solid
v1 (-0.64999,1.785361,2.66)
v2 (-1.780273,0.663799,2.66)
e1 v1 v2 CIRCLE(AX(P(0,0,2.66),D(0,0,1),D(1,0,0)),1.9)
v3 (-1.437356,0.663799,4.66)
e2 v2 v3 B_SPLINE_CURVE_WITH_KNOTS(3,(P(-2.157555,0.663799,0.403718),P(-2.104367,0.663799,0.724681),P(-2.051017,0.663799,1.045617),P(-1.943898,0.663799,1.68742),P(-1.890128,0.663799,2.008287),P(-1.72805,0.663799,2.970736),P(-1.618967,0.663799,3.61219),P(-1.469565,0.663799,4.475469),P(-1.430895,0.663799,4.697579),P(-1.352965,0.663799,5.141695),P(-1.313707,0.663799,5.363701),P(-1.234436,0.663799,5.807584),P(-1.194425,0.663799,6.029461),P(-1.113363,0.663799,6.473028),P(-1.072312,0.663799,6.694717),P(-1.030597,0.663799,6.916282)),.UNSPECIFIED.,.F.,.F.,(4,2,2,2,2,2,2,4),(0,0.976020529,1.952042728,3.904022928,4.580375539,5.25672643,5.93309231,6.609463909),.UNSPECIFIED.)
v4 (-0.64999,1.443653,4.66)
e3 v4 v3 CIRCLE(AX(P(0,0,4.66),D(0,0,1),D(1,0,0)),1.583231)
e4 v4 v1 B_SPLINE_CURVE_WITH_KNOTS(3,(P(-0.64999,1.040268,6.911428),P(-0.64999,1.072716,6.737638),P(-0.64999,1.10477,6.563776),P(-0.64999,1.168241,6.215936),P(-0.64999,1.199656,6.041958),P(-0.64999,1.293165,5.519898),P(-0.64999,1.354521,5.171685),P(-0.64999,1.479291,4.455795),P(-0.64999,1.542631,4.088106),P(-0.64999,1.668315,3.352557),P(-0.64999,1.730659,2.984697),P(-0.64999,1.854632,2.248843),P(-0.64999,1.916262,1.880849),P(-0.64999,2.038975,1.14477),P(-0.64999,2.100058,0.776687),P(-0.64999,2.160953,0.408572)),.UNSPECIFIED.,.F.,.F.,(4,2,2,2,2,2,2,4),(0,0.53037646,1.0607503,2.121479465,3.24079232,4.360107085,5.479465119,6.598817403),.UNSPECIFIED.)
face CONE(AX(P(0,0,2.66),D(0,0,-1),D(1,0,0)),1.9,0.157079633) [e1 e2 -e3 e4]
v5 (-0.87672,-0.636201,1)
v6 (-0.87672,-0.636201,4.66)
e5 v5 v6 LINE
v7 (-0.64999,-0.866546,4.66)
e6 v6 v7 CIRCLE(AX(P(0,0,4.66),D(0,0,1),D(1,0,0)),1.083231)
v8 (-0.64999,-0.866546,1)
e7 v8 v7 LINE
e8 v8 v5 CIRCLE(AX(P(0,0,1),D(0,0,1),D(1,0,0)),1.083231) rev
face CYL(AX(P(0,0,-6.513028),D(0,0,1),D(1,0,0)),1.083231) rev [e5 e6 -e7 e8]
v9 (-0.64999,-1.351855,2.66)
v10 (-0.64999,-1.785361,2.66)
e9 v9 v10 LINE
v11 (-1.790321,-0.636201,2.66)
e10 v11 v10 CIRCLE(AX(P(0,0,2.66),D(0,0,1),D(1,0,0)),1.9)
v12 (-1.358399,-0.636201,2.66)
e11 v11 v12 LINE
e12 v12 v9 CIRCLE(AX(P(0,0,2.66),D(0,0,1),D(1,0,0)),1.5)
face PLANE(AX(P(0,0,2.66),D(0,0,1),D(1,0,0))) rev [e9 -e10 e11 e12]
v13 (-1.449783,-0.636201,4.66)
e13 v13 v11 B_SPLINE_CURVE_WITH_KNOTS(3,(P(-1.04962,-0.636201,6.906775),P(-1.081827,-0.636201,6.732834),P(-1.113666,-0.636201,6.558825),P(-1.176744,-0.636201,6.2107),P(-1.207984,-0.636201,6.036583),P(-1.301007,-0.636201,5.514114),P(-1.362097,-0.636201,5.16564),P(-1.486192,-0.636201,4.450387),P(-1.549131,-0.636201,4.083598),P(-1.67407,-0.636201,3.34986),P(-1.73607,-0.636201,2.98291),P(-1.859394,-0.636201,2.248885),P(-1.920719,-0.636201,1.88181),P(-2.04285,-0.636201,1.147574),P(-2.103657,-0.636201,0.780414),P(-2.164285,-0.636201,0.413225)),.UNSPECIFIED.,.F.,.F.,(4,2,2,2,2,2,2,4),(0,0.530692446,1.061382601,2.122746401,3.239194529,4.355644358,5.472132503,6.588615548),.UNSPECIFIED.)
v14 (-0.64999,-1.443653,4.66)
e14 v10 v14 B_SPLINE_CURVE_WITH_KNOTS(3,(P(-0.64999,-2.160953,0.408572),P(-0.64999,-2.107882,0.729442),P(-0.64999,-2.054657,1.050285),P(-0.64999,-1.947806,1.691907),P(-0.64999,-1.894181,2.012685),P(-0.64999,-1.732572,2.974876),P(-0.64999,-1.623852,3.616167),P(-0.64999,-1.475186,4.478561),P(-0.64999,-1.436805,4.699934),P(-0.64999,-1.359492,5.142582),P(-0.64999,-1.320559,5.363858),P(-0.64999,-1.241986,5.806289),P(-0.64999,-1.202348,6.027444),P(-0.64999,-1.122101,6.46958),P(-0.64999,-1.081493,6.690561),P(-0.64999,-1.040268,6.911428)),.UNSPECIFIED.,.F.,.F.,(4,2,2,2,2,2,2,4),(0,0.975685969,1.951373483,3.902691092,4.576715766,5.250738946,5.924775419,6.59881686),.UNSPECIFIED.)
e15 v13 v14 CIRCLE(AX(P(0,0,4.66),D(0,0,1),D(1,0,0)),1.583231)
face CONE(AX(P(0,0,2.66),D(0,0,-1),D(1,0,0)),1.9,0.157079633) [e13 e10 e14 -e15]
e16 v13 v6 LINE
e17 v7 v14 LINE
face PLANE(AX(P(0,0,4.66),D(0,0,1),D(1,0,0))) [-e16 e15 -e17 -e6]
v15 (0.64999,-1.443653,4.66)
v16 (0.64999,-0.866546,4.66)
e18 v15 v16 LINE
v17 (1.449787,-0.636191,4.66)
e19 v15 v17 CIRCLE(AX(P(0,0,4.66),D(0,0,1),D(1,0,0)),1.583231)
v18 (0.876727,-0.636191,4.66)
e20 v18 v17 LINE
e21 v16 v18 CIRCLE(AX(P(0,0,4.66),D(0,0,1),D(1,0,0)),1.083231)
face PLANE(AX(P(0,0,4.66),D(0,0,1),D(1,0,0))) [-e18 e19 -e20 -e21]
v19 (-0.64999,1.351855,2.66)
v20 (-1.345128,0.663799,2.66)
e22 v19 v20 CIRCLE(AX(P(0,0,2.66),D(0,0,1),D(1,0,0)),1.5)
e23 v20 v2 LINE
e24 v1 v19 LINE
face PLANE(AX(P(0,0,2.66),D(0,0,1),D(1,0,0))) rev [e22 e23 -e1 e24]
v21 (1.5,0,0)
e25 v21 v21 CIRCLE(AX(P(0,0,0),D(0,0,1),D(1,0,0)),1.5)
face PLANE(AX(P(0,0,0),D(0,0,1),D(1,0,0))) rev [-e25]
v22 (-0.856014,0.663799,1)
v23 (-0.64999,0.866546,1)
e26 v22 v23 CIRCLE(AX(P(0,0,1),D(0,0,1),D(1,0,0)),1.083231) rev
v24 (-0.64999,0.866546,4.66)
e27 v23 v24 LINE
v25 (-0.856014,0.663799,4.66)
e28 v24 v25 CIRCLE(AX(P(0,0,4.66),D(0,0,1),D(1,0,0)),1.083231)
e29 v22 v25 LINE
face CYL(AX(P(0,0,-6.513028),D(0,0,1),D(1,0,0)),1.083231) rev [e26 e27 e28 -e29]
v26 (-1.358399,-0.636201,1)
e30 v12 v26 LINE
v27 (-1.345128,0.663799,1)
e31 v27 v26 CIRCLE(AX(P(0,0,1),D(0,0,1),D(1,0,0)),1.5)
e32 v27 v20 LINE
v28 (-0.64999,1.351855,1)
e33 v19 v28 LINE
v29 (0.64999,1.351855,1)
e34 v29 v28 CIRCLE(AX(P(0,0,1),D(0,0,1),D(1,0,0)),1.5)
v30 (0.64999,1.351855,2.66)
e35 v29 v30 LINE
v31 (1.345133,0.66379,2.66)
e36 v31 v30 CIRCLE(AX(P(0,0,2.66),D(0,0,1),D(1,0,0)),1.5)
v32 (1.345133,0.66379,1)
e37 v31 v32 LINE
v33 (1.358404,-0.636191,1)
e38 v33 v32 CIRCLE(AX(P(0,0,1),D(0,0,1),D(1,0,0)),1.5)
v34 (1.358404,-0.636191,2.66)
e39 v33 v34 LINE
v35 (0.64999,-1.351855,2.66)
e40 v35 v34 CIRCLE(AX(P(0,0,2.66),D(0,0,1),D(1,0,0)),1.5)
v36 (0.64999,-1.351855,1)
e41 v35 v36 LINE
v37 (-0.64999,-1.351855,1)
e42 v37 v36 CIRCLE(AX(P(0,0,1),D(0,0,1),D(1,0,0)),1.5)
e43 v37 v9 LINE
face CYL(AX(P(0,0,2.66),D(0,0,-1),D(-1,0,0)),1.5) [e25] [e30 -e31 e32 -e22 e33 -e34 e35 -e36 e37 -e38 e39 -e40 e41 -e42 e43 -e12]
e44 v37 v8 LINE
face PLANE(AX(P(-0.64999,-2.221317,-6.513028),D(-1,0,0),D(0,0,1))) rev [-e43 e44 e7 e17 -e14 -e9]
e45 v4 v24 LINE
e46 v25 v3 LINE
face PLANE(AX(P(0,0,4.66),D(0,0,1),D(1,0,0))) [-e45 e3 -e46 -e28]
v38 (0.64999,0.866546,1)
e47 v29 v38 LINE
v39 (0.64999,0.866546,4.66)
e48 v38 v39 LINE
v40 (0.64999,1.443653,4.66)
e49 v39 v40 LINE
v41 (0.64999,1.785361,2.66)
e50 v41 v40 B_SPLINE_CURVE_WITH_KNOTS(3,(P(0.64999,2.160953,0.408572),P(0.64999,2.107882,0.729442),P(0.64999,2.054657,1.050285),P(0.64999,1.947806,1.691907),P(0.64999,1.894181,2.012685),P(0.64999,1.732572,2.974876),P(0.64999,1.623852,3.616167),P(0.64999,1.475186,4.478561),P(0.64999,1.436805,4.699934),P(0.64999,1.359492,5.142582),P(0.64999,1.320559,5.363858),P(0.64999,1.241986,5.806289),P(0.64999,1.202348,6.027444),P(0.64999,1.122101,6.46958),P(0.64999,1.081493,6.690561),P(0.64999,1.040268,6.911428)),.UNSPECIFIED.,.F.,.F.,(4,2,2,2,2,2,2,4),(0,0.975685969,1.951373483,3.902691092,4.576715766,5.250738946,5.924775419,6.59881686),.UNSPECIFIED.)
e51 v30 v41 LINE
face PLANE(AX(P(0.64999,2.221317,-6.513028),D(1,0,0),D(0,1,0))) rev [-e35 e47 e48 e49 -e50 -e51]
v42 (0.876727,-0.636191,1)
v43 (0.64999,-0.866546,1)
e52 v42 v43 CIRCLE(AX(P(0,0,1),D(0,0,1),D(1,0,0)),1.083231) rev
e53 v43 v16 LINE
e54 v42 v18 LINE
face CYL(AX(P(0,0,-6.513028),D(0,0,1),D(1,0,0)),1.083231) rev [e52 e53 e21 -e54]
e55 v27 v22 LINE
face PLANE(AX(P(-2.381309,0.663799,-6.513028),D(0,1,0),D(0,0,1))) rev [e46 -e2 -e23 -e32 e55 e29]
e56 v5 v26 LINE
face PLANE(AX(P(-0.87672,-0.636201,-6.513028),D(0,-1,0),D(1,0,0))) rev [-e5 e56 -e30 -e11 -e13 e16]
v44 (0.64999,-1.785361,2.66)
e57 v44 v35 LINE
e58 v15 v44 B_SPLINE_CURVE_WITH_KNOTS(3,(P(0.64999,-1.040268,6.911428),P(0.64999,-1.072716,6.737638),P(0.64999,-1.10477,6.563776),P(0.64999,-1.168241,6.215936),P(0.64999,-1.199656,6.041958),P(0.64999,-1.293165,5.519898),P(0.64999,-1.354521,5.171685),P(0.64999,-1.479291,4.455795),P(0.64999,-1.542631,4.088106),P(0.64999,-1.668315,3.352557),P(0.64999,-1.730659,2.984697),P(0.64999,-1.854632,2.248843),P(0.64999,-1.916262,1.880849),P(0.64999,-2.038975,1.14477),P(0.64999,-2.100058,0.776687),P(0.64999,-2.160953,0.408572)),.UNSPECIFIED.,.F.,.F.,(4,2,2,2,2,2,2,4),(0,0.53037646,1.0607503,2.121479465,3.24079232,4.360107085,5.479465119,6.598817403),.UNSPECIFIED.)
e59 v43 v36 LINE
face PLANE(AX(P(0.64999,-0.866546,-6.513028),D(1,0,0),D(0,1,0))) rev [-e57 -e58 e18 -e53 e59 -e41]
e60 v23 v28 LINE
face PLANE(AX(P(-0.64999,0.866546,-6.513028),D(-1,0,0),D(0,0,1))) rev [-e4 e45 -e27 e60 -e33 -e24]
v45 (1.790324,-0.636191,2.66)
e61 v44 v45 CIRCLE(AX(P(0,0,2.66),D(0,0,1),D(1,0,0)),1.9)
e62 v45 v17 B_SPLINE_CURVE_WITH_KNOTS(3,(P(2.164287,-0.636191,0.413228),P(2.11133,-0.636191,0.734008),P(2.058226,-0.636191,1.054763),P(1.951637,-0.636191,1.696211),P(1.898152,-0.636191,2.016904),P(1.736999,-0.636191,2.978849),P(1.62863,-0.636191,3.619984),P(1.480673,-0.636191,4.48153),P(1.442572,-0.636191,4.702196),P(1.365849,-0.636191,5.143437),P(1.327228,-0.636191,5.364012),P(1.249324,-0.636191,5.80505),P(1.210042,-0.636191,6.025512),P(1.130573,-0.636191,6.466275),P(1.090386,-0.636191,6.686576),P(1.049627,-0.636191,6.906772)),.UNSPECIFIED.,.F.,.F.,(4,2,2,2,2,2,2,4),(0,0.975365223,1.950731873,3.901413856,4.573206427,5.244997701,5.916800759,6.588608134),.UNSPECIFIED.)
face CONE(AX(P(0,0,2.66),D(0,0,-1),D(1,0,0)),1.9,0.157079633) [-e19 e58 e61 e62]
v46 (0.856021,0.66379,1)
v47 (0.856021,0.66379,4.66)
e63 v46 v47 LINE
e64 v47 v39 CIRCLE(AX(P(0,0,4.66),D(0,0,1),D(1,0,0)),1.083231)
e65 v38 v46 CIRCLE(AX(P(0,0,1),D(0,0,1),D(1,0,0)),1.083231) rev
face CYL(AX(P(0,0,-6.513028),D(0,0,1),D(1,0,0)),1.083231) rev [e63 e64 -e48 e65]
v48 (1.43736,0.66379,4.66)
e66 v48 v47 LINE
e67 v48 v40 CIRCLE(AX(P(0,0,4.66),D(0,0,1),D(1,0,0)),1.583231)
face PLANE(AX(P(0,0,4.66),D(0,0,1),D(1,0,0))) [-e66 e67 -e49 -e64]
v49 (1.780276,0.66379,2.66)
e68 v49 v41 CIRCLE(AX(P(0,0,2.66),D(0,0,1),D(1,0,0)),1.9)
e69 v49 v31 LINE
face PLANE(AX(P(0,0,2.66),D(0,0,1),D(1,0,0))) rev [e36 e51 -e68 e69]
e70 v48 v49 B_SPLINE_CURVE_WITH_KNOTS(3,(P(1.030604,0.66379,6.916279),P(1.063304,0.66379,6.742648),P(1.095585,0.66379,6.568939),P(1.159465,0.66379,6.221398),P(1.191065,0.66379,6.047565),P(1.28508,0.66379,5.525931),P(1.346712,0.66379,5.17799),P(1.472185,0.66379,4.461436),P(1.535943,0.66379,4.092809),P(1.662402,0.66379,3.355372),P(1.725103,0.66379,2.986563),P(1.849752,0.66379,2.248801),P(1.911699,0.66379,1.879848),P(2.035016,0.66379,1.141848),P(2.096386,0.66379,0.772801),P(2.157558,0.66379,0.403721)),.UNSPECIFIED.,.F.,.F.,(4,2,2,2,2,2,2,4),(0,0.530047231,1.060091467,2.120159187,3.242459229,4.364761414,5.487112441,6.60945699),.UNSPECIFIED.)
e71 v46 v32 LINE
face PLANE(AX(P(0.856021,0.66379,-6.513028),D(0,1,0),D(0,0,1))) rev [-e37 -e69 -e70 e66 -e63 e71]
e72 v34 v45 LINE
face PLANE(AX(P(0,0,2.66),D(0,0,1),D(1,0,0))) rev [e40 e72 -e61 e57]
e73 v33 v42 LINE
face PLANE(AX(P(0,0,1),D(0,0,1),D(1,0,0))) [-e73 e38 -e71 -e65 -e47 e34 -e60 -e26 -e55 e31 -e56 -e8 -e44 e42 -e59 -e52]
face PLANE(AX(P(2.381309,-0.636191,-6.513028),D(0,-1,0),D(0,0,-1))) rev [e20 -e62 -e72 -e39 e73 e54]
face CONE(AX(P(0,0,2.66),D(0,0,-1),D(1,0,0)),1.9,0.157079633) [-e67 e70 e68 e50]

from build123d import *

# Parameters (mm, degrees)
SKETCH2_R           = 1.5
BOSS_EXTRUDE1_DEPTH = 2.66
SKETCH3_R           = 1.9
BOSS_EXTRUDE2_DEPTH = 2
BOSS_EXTRUDE2_TAPER = 9
CUT_EXTRUDE1_DEPTH  = 3.66


with BuildPart() as part:
    # Sketch2 → Boss-Extrude1 (new body)
    with BuildSketch(Plane.XY):
        Circle(SKETCH2_R)
    extrude(amount=BOSS_EXTRUDE1_DEPTH)

    # Sketch3 → Boss-Extrude2 (add)
    with BuildSketch(Plane.XY.offset(2.66)):
        Circle(SKETCH3_R)
    extrude(amount=BOSS_EXTRUDE2_DEPTH, taper=BOSS_EXTRUDE2_TAPER)

    # Sketch4 → Cut-Extrude1 (cut)
    with BuildSketch(Plane.XY.offset(4.66)):
        with BuildLine():
            Line((-0.649990442, 2.221316651), (0.649990442, 2.221316651))
            Line((0.649990442, 2.221316651), (0.649990442, 0.866546066))
            ThreePointArc((0.649990442, 0.866546066), (0.759799587, 0.7720714), (0.856021376, 0.663789923))
            Line((0.856021376, 0.663789923), (2.381309482, 0.663789923))
            Line((2.381309482, 0.663789923), (2.381309482, -0.63619096))
            Line((2.381309482, -0.63619096), (0.876727278, -0.63619096))
            ThreePointArc((0.876727278, -0.63619096), (0.771999105, -0.759873042), (0.649990442, -0.866546066))
            Line((0.649990442, -0.866546066), (0.649990442, -2.221316651))
            Line((0.649990442, -2.221316651), (-0.649990442, -2.221316651))
            Line((-0.649990442, -2.221316651), (-0.649990442, -0.866546066))
            ThreePointArc((-0.649990442, -0.866546066), (-0.771994962, -0.759877251), (-0.876720342, -0.636200519))
            Line((-0.876720342, -0.636200519), (-2.381309482, -0.636200519))
            Line((-2.381309482, -0.636200519), (-2.381309482, 0.663799481))
            Line((-2.381309482, 0.663799481), (-0.856013964, 0.663799481))
            ThreePointArc((-0.856013964, 0.663799481), (-0.759795276, 0.772075642), (-0.649990442, 0.866546066))
            Line((-0.649990442, 0.866546066), (-0.649990442, 2.221316651))
        make_face()
    extrude(amount=-CUT_EXTRUDE1_DEPTH, mode=Mode.SUBTRACT)


solid = part.part
